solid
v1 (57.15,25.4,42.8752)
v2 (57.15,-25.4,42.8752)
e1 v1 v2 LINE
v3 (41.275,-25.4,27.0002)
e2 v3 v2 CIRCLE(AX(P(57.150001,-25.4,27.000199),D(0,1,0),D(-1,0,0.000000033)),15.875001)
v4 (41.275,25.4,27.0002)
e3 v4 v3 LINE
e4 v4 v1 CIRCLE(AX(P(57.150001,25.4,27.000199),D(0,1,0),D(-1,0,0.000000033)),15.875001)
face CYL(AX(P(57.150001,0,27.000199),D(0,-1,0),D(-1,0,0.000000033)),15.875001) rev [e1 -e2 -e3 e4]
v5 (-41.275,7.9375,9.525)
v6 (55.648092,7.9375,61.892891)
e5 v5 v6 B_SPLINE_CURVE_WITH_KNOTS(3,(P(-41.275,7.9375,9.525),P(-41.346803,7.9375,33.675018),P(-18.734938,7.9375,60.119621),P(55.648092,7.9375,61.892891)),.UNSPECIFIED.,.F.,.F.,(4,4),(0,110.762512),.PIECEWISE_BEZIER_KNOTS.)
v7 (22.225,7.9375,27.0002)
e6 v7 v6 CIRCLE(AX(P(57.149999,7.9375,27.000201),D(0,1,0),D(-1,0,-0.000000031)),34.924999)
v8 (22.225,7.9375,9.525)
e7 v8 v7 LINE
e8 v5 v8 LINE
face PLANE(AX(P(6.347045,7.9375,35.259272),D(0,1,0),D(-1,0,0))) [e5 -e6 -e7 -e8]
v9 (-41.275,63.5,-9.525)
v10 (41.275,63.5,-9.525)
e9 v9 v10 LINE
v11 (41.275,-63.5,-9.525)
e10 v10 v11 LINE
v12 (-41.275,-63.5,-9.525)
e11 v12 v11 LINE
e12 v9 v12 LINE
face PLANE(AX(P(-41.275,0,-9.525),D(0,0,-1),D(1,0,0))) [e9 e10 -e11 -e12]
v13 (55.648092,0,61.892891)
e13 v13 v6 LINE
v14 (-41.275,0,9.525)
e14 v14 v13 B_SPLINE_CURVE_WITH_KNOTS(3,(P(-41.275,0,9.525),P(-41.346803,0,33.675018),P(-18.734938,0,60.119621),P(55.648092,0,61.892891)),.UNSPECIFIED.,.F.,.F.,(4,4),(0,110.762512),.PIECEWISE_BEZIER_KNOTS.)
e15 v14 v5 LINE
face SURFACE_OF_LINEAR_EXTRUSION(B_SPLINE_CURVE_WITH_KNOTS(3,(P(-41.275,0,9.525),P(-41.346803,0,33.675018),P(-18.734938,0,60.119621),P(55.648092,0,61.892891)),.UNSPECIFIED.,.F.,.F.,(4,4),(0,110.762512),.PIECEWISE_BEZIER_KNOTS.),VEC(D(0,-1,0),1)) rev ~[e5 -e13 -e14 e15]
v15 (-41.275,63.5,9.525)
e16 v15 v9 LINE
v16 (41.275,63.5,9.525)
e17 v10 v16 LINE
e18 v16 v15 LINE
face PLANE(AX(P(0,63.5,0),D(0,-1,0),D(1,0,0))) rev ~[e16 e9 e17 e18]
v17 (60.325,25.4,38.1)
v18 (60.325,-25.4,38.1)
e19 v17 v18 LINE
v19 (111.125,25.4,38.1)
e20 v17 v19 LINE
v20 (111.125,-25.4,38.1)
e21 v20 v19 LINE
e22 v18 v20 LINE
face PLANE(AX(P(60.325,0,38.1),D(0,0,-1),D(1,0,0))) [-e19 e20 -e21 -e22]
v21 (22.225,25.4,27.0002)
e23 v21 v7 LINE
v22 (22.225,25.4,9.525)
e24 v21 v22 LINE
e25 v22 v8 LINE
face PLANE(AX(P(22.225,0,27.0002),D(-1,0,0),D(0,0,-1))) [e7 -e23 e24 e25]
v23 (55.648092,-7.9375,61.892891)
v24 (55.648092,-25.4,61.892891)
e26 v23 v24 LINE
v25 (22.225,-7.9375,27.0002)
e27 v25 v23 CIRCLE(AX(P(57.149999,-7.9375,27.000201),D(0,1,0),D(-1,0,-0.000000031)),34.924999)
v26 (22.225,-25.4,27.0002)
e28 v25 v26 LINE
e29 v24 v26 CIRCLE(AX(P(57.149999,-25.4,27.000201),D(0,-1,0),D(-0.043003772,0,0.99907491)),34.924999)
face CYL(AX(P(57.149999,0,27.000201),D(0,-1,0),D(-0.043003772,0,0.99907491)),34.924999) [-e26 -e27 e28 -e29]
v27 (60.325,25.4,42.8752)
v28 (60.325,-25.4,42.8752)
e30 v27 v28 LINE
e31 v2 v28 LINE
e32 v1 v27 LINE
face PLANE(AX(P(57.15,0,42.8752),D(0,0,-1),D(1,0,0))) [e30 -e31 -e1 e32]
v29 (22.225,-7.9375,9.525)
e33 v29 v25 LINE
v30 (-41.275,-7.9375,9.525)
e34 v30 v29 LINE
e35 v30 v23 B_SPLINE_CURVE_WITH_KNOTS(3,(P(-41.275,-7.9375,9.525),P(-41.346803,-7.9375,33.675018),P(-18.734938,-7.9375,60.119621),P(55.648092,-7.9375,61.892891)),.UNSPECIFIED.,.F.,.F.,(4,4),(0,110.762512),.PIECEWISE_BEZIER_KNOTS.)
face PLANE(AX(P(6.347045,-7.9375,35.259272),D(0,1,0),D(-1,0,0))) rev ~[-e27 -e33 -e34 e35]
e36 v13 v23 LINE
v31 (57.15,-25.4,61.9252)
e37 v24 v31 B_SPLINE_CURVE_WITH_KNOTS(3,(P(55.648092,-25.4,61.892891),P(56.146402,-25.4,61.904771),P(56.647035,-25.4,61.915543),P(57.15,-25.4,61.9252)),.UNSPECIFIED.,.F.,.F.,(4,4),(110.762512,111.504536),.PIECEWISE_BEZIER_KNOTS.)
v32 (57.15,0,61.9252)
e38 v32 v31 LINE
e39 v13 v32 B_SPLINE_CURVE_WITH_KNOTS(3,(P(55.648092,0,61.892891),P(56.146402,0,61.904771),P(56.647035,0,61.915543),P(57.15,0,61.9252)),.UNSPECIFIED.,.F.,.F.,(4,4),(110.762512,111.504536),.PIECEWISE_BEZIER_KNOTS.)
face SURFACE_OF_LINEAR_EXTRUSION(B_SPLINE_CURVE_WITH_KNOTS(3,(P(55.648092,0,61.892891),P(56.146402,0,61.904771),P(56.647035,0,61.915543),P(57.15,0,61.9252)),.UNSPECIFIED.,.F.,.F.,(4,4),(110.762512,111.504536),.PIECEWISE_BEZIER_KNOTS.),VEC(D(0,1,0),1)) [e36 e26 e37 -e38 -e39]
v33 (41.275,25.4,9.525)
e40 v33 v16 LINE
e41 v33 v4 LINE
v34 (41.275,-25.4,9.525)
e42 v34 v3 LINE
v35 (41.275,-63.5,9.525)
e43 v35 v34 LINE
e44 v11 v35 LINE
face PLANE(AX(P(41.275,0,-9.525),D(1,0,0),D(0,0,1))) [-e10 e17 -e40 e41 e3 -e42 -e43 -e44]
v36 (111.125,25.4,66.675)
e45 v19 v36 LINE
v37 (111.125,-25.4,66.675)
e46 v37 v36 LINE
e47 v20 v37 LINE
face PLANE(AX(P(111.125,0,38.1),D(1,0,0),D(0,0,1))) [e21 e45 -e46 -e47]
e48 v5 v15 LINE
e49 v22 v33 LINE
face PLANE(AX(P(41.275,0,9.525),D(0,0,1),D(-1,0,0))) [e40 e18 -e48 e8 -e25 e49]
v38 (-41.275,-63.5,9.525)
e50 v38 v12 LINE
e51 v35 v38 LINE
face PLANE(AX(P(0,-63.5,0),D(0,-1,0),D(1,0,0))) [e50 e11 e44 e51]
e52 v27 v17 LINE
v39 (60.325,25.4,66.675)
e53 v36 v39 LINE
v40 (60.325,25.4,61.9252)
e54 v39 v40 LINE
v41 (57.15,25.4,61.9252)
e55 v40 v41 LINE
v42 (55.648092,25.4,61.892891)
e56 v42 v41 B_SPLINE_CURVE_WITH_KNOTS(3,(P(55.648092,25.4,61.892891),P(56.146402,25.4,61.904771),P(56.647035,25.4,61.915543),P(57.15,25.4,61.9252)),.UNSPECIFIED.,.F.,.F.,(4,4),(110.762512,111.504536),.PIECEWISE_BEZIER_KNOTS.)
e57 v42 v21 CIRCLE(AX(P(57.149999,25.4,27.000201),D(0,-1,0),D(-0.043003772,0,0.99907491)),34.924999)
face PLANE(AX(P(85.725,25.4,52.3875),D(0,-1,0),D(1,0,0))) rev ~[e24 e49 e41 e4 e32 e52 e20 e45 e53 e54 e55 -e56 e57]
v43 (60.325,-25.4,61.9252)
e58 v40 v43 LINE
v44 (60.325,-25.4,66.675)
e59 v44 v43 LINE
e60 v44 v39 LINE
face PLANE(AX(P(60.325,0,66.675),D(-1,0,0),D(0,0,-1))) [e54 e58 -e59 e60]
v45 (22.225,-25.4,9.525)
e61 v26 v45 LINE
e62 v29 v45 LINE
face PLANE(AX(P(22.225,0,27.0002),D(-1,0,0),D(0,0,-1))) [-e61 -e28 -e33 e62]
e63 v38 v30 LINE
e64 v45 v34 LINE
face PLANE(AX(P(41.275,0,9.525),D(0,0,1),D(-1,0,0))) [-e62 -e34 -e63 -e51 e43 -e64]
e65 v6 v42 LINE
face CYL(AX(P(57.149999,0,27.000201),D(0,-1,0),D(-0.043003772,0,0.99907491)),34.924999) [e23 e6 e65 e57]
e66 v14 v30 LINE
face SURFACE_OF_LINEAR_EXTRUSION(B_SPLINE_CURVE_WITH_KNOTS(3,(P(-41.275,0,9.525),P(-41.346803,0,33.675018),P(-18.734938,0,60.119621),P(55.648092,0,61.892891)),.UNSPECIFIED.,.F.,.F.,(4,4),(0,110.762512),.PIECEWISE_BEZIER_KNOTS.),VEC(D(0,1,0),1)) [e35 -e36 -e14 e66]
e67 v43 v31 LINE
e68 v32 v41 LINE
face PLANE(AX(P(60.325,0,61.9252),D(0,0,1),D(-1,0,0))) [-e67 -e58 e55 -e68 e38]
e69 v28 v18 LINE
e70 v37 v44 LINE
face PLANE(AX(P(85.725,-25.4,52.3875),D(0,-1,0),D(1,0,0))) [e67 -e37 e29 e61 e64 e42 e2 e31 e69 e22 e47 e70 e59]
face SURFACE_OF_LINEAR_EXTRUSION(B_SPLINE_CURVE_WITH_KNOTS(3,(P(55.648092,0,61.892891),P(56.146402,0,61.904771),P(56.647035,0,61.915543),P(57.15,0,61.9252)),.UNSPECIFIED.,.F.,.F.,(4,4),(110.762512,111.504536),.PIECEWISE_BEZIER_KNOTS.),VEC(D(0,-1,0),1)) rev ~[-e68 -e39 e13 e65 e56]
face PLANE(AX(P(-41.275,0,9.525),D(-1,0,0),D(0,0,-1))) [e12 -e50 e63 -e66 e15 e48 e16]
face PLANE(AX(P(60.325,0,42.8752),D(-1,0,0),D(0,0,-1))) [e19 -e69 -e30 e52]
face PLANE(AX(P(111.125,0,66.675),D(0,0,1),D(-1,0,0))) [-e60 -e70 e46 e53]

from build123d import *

# Parameters (mm, degrees)
F1_DEPTH = 63.5
F2_DEPTH = 25.4
F3_DEPTH = 7.9375


with BuildPart() as f1:
    # F0 (on Front) → F1 (new body, symmetric)
    with BuildSketch(Plane.XZ):
        Polygon((22.225, 9.525), (-41.275, 9.525), (-41.275, -9.525), (41.275, -9.525), (41.275, 9.525), align=None)
    extrude(amount=F1_DEPTH, both=True)

    # F0 (on Front) → F2 (join, symmetric)
    with BuildSketch(Plane.XZ):
        Polygon((60.325, 66.675), (60.325, 61.9252), (60.325, 42.8752), (60.325, 38.1), (111.125, 38.1), (111.125, 66.675), align=None)
        with BuildLine():
            Line((22.225, 27.0002), (22.225, 9.525))
            Line((22.225, 9.525), (41.275, 9.525))
            Line((41.275, 9.525), (41.275, 27.0002))
            ThreePointArc((41.275, 27.0002), (45.92468, 38.22552), (57.15, 42.8752))
            Line((57.15, 42.8752), (60.325, 42.8752))
            Line((60.325, 42.8752), (60.325, 61.9252))
            Line((60.325, 61.9252), (57.15, 61.9252))
            add(Edge.make_bspline(
                [(55.648092, 61.892891), (56.146402, 61.904771), (56.647035, 61.915543), (57.15, 61.9252)],
                knots=[110.762512, 110.762512, 110.762512, 110.762512, 111.504536, 111.504536, 111.504536, 111.504536], degree=3))
            ThreePointArc((55.648092, 61.892891), (31.92888, 51.159065), (22.225, 27.0002))
        make_face()
    extrude(amount=F2_DEPTH, both=True)

    # F0 (on Front) → F3 (join, symmetric)
    with BuildSketch(Plane.XZ):
        with BuildLine():
            add(Edge.make_bspline(
                [(-41.275, 9.525), (-41.346803, 33.675018), (-18.734938, 60.119621), (55.648092, 61.892891)],
                knots=[0, 0, 0, 0, 110.762512, 110.762512, 110.762512, 110.762512], degree=3))
            Line((-41.275, 9.525), (22.225, 9.525))
            Line((22.225, 9.525), (22.225, 27.0002))
            ThreePointArc((22.225, 27.0002), (31.92888, 51.159065), (55.648092, 61.892891))
        make_face()
    extrude(amount=F3_DEPTH, both=True)


solid = f1.part
